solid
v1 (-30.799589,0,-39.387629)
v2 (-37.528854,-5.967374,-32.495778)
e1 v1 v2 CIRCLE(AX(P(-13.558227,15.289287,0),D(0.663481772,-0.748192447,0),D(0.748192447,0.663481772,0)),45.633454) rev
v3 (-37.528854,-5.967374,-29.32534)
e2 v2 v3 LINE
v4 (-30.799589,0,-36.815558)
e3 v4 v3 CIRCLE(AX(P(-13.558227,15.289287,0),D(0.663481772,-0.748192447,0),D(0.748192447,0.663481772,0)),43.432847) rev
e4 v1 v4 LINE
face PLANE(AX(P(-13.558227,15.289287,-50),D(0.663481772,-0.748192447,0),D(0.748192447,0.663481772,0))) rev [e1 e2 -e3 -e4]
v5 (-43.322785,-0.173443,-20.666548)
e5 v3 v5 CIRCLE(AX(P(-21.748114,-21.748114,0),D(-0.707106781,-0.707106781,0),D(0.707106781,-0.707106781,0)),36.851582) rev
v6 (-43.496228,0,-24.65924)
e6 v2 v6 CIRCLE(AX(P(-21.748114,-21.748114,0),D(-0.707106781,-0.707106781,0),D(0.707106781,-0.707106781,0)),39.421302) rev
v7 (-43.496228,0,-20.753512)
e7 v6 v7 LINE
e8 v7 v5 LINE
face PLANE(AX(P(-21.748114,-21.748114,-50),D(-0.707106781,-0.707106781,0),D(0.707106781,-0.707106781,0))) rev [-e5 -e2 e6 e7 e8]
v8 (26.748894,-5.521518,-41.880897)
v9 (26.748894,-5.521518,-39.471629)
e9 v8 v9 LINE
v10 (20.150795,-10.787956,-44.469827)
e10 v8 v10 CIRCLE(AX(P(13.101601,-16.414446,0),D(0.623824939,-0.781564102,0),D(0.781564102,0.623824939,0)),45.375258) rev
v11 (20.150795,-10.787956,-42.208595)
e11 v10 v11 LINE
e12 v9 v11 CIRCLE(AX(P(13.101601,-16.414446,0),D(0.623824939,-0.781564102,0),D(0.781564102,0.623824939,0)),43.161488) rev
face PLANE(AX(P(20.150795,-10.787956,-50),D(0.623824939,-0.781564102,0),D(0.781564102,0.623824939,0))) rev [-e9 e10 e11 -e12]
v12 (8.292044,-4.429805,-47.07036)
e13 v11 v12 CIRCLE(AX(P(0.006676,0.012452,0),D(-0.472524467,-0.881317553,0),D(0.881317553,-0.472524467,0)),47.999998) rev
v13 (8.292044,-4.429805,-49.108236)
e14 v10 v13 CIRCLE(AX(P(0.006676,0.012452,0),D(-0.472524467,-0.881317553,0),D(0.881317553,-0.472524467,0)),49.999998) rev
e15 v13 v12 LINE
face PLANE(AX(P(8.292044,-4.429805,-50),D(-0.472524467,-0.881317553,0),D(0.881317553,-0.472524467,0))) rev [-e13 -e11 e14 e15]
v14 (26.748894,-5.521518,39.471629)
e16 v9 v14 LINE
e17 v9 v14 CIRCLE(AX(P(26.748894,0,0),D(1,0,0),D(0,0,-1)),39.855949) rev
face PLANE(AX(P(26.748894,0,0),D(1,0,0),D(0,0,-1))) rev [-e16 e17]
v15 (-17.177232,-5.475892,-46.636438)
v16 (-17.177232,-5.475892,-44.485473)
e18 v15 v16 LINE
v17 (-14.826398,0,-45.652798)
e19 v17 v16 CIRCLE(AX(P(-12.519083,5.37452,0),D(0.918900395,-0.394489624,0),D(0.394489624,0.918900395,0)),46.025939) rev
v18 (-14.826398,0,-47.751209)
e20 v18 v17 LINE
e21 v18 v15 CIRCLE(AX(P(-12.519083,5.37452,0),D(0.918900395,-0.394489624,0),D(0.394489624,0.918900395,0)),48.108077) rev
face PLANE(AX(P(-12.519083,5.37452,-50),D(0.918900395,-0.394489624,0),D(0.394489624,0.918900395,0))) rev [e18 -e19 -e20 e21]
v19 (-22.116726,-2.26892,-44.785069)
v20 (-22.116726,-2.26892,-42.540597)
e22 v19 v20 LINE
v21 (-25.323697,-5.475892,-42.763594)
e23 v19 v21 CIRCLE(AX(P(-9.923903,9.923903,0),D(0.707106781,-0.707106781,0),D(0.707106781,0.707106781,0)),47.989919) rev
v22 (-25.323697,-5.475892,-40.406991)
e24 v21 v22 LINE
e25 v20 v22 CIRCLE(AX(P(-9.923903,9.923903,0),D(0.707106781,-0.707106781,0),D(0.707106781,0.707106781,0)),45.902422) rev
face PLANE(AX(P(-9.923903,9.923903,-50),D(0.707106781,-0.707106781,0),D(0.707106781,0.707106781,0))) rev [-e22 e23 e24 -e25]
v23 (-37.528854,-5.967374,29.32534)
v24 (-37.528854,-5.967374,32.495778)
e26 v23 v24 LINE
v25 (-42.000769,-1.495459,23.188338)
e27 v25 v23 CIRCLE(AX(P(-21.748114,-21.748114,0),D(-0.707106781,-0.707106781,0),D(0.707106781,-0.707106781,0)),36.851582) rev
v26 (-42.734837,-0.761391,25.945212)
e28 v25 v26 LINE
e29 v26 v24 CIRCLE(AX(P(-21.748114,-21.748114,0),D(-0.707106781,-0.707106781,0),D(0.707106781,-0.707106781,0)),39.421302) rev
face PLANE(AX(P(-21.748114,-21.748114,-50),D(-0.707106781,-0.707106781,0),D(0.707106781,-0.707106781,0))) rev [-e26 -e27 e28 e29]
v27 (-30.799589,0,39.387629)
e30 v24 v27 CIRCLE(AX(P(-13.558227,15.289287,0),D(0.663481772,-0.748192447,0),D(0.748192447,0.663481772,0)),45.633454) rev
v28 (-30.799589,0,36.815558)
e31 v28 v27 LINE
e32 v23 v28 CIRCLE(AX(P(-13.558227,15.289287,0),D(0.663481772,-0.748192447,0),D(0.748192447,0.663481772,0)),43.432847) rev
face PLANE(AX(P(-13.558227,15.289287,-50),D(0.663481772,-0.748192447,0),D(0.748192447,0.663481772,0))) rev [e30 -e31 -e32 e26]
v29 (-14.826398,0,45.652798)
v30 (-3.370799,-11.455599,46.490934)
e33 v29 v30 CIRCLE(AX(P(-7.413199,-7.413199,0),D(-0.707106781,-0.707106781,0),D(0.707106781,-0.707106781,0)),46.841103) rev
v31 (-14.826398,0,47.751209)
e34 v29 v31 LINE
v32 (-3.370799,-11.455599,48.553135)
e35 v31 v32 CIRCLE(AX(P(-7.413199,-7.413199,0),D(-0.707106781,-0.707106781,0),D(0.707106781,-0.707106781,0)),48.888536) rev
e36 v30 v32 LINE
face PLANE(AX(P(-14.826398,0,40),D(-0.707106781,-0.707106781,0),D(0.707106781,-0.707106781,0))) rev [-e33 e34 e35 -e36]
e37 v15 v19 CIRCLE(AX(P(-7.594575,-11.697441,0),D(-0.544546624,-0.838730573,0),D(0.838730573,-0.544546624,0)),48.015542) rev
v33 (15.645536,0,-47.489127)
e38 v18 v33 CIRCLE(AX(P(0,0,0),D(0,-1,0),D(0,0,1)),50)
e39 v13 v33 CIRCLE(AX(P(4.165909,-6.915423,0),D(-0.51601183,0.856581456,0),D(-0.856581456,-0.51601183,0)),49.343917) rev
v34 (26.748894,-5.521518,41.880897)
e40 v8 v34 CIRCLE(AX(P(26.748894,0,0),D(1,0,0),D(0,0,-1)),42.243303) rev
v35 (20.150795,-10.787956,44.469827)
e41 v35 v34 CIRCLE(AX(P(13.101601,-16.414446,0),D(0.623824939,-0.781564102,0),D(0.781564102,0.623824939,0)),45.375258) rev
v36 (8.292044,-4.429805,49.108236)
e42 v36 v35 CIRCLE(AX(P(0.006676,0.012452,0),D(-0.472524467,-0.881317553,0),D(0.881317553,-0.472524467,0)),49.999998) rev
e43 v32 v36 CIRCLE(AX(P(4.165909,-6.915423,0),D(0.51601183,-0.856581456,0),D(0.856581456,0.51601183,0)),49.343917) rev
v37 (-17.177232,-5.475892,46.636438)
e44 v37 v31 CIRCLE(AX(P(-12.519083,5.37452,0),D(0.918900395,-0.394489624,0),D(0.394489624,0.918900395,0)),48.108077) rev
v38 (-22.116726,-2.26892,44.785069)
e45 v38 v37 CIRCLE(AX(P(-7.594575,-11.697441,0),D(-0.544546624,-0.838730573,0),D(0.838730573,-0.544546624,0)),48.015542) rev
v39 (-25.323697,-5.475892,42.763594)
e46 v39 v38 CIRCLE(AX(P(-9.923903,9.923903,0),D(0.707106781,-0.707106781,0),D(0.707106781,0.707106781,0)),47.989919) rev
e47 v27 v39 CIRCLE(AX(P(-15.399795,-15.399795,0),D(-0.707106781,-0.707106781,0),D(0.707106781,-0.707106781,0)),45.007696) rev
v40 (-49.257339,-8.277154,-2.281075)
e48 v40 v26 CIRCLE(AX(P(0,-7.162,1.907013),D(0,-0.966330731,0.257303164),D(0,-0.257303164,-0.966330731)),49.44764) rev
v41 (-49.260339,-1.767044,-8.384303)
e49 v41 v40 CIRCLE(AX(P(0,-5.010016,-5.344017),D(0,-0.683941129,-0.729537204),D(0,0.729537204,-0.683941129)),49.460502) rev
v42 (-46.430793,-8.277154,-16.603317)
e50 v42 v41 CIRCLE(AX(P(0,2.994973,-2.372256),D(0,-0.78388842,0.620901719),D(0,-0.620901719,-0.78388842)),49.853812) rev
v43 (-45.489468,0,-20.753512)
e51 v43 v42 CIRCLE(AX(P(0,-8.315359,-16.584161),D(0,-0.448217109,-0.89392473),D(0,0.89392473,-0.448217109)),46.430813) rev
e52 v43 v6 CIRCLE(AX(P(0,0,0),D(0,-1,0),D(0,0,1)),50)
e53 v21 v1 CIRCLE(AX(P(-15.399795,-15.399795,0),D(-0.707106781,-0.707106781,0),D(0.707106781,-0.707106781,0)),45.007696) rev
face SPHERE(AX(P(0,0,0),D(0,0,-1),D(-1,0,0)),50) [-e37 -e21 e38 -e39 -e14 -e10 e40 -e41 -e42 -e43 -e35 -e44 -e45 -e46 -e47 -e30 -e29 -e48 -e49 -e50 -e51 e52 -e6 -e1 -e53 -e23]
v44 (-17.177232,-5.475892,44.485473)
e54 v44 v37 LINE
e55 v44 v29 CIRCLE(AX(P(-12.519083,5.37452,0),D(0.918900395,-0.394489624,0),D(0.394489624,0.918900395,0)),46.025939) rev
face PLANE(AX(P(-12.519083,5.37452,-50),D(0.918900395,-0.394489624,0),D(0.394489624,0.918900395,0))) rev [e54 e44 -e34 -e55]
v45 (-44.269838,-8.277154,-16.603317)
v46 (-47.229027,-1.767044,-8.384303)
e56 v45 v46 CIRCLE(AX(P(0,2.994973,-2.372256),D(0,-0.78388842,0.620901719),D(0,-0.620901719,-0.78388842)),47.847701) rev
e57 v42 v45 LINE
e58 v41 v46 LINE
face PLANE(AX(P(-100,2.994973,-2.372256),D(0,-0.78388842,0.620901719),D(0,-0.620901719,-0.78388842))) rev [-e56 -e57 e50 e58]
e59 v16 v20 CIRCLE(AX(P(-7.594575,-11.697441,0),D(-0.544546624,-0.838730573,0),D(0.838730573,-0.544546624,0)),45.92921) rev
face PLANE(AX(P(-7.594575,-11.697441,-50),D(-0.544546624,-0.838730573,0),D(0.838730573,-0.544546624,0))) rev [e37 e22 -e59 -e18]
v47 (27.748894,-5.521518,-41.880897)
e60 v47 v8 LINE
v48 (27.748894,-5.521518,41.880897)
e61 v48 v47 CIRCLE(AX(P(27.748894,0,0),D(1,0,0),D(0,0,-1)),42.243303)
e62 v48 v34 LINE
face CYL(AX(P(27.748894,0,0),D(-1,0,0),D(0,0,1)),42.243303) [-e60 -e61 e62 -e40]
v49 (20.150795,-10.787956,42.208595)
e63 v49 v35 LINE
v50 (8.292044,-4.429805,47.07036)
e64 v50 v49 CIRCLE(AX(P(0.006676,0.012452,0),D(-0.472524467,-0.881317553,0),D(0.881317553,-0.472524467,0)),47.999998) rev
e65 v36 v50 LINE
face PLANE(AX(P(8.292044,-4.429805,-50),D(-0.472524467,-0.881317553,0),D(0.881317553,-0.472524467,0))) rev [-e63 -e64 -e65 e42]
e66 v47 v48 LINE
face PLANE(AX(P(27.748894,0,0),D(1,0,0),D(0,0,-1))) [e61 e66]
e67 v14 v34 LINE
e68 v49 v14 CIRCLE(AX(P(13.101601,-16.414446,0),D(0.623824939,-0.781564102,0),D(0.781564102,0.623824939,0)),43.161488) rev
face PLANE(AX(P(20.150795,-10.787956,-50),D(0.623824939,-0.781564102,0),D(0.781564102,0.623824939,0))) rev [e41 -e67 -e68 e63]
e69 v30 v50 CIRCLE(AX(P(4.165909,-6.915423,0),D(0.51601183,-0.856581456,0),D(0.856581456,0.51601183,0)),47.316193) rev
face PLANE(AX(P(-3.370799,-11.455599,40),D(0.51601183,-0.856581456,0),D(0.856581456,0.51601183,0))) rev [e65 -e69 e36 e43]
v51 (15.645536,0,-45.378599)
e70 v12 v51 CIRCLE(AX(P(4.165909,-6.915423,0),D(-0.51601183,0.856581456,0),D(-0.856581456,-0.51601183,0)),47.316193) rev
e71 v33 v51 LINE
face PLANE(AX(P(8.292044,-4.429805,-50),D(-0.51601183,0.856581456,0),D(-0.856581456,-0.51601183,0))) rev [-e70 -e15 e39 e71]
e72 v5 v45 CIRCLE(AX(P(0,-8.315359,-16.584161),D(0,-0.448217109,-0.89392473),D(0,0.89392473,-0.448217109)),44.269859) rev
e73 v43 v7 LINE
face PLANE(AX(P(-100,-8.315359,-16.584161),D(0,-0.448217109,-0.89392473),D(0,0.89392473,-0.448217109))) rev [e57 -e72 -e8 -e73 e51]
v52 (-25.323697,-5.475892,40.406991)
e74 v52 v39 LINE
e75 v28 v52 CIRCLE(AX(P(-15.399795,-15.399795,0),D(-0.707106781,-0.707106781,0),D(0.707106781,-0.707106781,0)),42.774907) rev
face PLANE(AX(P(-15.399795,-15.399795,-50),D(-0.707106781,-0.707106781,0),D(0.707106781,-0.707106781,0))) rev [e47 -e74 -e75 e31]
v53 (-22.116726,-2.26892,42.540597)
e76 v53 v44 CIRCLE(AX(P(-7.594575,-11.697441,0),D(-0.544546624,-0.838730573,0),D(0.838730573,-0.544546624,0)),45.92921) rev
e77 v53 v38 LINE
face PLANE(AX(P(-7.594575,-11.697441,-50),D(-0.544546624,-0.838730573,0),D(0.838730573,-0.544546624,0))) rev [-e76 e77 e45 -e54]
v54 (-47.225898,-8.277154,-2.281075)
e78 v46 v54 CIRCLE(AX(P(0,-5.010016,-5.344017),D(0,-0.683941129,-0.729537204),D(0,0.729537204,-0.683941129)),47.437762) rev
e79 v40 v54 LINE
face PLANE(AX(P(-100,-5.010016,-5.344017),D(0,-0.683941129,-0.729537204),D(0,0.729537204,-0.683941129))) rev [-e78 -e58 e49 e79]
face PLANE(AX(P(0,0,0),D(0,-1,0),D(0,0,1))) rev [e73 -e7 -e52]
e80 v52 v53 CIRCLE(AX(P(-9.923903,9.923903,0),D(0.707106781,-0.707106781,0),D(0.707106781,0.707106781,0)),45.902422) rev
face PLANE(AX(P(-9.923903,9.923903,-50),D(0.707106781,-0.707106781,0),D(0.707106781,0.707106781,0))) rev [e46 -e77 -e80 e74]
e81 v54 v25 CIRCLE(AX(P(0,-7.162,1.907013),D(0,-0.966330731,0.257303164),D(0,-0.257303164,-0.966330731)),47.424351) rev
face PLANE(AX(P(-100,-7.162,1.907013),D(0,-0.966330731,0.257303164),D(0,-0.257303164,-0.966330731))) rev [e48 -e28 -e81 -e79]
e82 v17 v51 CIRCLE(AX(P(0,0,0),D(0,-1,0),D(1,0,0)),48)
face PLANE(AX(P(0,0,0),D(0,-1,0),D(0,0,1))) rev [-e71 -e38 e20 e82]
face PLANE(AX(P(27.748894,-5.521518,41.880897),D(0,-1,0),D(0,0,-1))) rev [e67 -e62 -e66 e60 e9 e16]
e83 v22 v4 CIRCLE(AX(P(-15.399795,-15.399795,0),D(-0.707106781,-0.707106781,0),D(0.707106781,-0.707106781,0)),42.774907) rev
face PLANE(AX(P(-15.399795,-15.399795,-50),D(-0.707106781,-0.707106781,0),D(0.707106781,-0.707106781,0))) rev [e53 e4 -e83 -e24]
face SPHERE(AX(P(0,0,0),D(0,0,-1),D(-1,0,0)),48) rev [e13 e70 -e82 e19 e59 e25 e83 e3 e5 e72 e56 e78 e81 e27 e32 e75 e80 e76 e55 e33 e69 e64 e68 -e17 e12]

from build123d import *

# Parameters (mm, degrees)
REVOLVE7_ANGLE          = 180
SHELL1_T                = -2
CUT_EXTRUDE1_DEPTH      = 10
CUT_EXTRUDE2_DEPTH      = 123.474487139
CUT_EXTRUDE2_DEPTH_BACK = 123.474487139
CUT_EXTRUDE3_DEPTH      = 123.474487139
CUT_EXTRUDE3_DEPTH_BACK = 123.474487139
CUT_EXTRUDE10_DEPTH     = 150
BOSS_EXTRUDE1_DEPTH     = 1


with BuildPart() as part:
    # Sketch3 → Revolve7 (revolve)
    with BuildSketch(Plane(origin=(0, 0, 0), x_dir=(1, 0, 0), z_dir=(0, 1, 0))):
        with BuildLine():
            Line((0, 50), (0, -50))
            ThreePointArc((0, -50), (-50, 0), (0, 50))
        make_face()
    revolve(axis=Axis((0, 0, -50), (0, 0, 1)), revolution_arc=REVOLVE7_ANGLE)

    # Shell1
    shell1_openings = [part.faces().sort_by_distance(p)[0] for p in [
        (0, 0, 0),
    ]]
    offset(amount=SHELL1_T, openings=shell1_openings)

    # Sketch7 → Cut-Extrude1 (cut)
    with BuildSketch(Plane.XY.offset(50)):
        Polygon((-14.826397907, 0), (-3.370798864, -11.455599042), (15.645535913, 0), align=None)
    extrude(amount=-CUT_EXTRUDE1_DEPTH, mode=Mode.SUBTRACT)

    # Sketch9 → Cut-Extrude2 (cut, two sides: drawn at the far end of the back side and taken through both)
    with BuildSketch(Plane.XY.offset(50).offset(-CUT_EXTRUDE2_DEPTH_BACK)):
        Polygon((8.292044244, -4.429804855), (20.150794945, -10.787955598), (33.666572042, 0), (15.645535913, 0), align=None)
    extrude(amount=CUT_EXTRUDE2_DEPTH + CUT_EXTRUDE2_DEPTH_BACK, mode=Mode.SUBTRACT)

    # Sketch10 → Cut-Extrude3 (cut, two sides: drawn at the far end of the back side and taken through both)
    with BuildSketch(Plane.XY.offset(50).offset(-CUT_EXTRUDE3_DEPTH_BACK)):
        Polygon((-30.799589022, 0), (-43.496228113, 0), (-37.52885371, -5.967374403), align=None)
        Polygon((-14.826397907, 0), (-30.799589022, 0), (-25.323697422, -5.475891599), (-22.116726159, -2.268920336), (-17.177232044, -5.475891599), align=None)
    extrude(amount=CUT_EXTRUDE3_DEPTH + CUT_EXTRUDE3_DEPTH_BACK, mode=Mode.SUBTRACT)

    # Sketch12 → Cut-Extrude10 (cut)
    with BuildSketch(Plane(origin=(50, 0, 0), x_dir=(0, 0, -1), z_dir=(1, 0, 0))):
        Polygon((16.603317185, -8.277154343), (20.753512458, 0), (-28.80470168, 0), (2.281074676, -8.277154343), (8.384303018, -1.767044111), align=None)
    extrude(amount=-CUT_EXTRUDE10_DEPTH, mode=Mode.SUBTRACT)

    # Split1
    split(bisect_by=Plane(origin=(26.748894099, 0, 0), x_dir=(0, 0, 1), z_dir=(1, 0, 0)), keep=Keep.BOTTOM)

    # Sketch15 → Boss-Extrude1 (add)
    with BuildSketch(Plane(origin=(26.748894099, 0, 0), x_dir=(0, 0, -1), z_dir=(1, 0, 0))):
        with BuildLine():
            Line((-41.880896681, -5.521517702), (41.880896681, -5.521517702))
            ThreePointArc((41.880896681, -5.521517702), (0, -42.243303191), (-41.880896681, -5.521517702))
        make_face()
    extrude(amount=BOSS_EXTRUDE1_DEPTH)


solid = part.part
